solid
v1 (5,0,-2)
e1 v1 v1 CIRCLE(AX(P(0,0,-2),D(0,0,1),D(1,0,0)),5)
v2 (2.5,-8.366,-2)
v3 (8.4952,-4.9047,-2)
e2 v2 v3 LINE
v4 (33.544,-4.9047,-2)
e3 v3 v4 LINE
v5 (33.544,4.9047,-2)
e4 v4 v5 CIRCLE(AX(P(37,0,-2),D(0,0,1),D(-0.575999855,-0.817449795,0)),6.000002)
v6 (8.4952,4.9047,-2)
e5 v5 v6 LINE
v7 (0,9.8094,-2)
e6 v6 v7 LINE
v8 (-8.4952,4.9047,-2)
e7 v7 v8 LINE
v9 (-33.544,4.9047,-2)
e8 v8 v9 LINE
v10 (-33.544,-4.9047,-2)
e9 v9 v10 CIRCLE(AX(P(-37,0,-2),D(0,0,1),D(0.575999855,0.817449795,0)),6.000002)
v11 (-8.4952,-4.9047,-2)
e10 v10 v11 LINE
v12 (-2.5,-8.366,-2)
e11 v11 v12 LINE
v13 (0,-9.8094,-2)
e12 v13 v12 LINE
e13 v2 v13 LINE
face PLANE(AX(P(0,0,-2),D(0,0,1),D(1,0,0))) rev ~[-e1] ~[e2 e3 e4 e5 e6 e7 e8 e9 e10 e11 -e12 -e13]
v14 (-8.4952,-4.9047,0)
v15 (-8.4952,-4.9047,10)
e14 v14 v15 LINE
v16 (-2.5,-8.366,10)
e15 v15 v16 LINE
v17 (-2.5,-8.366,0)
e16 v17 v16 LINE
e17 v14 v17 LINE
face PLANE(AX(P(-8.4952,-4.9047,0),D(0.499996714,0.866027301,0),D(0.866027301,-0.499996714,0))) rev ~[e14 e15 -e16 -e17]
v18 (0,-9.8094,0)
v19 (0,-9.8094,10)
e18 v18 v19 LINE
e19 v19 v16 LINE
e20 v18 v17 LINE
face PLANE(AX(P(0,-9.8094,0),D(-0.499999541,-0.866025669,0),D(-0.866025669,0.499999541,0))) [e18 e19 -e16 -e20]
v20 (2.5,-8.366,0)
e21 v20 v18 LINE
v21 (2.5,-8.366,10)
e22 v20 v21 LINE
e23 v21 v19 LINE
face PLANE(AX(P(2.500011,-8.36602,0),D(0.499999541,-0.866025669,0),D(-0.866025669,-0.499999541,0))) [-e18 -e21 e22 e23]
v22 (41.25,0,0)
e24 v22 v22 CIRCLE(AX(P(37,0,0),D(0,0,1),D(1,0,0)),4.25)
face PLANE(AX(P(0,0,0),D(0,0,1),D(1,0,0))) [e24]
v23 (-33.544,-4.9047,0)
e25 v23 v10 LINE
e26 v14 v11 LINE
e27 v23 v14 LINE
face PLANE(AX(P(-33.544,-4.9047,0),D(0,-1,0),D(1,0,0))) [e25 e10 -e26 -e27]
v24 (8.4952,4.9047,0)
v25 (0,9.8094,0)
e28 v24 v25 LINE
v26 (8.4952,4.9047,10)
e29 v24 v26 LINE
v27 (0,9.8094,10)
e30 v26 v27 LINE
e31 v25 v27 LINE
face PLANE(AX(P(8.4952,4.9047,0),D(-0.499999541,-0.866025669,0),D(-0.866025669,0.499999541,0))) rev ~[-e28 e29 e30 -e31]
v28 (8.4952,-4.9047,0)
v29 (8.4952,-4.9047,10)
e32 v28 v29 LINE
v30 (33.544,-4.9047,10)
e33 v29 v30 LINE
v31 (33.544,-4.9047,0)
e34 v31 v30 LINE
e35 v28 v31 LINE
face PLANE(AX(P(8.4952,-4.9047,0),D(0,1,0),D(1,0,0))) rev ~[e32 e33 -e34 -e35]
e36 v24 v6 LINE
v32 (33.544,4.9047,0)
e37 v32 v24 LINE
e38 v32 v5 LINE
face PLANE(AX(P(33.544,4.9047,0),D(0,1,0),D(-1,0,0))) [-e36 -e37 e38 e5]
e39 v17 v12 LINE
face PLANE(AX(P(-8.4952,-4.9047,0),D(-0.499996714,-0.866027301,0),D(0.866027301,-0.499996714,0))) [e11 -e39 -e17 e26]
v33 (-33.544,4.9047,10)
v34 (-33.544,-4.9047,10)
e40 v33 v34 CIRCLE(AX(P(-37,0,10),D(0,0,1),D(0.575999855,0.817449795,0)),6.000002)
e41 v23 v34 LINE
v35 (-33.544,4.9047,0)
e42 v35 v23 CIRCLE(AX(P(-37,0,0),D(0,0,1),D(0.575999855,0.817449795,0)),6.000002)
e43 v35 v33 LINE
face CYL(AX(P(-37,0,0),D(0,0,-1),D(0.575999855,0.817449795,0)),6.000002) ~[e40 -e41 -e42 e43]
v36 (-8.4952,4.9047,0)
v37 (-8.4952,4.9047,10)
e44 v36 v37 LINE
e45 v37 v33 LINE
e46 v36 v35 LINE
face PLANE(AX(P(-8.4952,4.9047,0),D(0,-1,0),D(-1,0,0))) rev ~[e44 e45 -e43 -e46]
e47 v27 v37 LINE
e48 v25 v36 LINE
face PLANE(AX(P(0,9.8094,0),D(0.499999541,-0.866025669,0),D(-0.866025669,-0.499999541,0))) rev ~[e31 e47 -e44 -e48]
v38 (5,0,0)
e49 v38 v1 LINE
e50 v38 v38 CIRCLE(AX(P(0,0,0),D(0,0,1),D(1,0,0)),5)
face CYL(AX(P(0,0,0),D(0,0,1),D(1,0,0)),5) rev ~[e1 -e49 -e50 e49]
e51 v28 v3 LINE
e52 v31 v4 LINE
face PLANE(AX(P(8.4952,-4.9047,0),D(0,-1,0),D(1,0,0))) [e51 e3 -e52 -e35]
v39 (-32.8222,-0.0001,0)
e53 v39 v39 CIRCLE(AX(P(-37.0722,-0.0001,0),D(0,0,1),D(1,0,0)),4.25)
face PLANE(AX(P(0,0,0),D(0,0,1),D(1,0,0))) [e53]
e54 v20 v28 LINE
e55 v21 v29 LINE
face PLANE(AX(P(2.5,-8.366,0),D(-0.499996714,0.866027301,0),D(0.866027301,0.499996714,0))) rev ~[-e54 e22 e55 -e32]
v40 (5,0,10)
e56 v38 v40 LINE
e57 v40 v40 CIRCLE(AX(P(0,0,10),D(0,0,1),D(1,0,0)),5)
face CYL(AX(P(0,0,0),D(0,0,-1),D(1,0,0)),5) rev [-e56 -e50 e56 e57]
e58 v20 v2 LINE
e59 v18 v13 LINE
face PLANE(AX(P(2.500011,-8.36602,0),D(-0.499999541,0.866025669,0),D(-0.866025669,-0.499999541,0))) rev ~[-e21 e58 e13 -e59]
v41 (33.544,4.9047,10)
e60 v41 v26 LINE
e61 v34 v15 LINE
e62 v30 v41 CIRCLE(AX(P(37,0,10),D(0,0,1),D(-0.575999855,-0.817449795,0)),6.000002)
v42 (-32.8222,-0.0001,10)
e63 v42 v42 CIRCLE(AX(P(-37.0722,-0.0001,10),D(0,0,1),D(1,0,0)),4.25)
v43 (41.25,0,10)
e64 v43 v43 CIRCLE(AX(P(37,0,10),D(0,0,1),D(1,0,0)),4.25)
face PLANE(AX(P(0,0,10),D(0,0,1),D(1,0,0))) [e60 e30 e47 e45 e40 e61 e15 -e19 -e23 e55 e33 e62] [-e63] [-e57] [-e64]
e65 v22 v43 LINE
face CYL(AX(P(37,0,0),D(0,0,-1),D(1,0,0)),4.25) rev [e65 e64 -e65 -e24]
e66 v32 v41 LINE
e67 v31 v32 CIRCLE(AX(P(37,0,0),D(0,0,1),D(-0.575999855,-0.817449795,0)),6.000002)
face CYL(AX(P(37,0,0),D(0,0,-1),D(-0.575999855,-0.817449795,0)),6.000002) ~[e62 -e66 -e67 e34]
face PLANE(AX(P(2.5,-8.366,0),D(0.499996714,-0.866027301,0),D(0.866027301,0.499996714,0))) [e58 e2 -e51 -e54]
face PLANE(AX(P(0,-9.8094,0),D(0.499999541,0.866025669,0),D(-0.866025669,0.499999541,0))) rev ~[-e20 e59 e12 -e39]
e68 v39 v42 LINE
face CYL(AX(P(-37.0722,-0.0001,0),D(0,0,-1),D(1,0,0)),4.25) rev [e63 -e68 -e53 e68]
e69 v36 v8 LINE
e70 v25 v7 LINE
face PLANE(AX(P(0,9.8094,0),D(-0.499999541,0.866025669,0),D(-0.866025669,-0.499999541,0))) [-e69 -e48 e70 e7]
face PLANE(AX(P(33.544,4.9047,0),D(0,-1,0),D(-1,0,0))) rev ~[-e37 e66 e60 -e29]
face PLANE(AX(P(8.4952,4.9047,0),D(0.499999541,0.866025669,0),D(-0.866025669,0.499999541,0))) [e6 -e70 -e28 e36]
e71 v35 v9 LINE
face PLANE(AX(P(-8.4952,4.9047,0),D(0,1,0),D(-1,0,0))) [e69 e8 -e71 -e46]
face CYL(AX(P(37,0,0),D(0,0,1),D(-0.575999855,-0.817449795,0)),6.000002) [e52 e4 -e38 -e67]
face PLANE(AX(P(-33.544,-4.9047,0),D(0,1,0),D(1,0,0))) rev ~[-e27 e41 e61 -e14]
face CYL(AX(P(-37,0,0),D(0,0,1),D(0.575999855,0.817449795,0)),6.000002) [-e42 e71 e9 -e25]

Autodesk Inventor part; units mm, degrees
ref_plane "YZ Plane" through (0, 0, 0) normal (1, 0, 0) x (0, 1, 0)
ref_plane "XZ Plane" through (0, 0, 0) normal (0, 1, 0) x (-1, 0, 0)
ref_plane "XY Plane" through (0, 0, 0) normal (0, 0, 1) x (1, 0, 0)
sketch "Sketch1" plane through (0, 0, 0) normal (0, 0, 1) x (1, 0, 0)
  line L0 (0, -7.5) -> (-6.4952, -3.75) projected
  line L1 (-6.4952, -3.75) -> (-6.4952, 3.75) projected
  line L2 (-6.4952, 3.75) -> (0, 7.5) projected
  line L3 (0, 7.5) -> (6.4952, 3.75) projected
  line L4 (6.4952, 3.75) -> (6.4952, -3.75) projected
  line L5 (6.4952, -3.75) -> (0, -7.5) projected
  line L6 (-2.5, -8.366) -> (-2.5, -24.8094) projected
  line L7 (-2.5, -24.8094) -> (-10, -24.8094) projected
  line L8 (-10, -24.8094) -> (-10, -27.8094) projected
  line L9 (10, -27.8094) -> (-10, -27.8094) projected
  line L10 (10, -24.8094) -> (10, -27.8094) projected
  line L11 (10, -24.8094) -> (2.5, -24.8094) projected
  line L12 (2.5, -24.8094) -> (2.5, -8.366) projected
  line L13 (2.5, -8.366) -> (8.4952, -4.9047) projected
  line L14 (8.4952, -4.9047) -> (33.544, -4.9047) projected
  arc A0 (33.544, -4.9047) -> (33.544, 4.9047) centre (37, 0) ccw projected
  line L15 (33.544, 4.9047) -> (8.4952, 4.9047) projected
  line L16 (8.4952, 4.9047) -> (0, 9.8094) projected
  line L17 (0, 9.8094) -> (-8.4952, 4.9047) projected
  line L18 (-8.4952, 4.9047) -> (-33.544, 4.9047) projected
  arc A1 (-33.544, 4.9047) -> (-33.544, -4.9047) centre (-37, 0) ccw projected
  line L19 (-33.544, -4.9047) -> (-8.4952, -4.9047) projected
  line L20 (-8.4952, -4.9047) -> (-2.5, -8.366) projected
  circle A2 centre (37, 0) radius 4.25 projected
  circle A3 centre (-19.7476, 0) radius 2.5 projected
  circle A4 centre (19.7476, 0) radius 2.5 projected
  circle A5 centre (-37.0722, -0.0001) radius 4.25 projected
  line L21 (6.4952, 3.75) -> (6.4952, -3.75) projected
  line L22 (0, 7.5) -> (6.4952, 3.75) projected
  line L23 (-6.4952, 3.75) -> (0, 7.5) projected
  line L24 (-6.4952, -3.75) -> (-6.4952, 3.75) projected
  line L25 (0, -7.5) -> (-6.4952, -3.75) projected
  line L26 (6.4952, -3.75) -> (0, -7.5) projected
  circle A6 centre (0, 0) radius 5 projected
  line L27 (0, 9.8094) -> (8.4952, 4.9047)
  line L28 (8.4952, 4.9047) -> (8.4952, -4.9047)
  line L29 (8.4952, -4.9047) -> (0, -9.8094)
  line L30 (0, -9.8094) -> (-8.4952, -4.9047)
  line L31 (-8.4952, -4.9047) -> (-8.4952, 4.9047)
  line L32 (-8.4952, 4.9047) -> (0, 9.8094)
extrude "Extrusion1" add sketch "Sketch1" against normal blind 2 contours L0 L1 L2 L3 L4 L5 | L20 L31 L17 L16 L28 L13 L29 L30 | L19 A1 L18 L31 | L28 L15 A0 L14 | A2 | A3 | A4 | A5
extrude "Extrusion2" add sketch "Sketch1" along normal blind 10 contours L0 L1 L2 L3 L4 L5 | L20 L31 L17 L16 L28 L13 L29 L30 | L19 A1 L18 L31 | L28 L15 A0 L14 | A3 | A4
properties part number "chep_za_os"
